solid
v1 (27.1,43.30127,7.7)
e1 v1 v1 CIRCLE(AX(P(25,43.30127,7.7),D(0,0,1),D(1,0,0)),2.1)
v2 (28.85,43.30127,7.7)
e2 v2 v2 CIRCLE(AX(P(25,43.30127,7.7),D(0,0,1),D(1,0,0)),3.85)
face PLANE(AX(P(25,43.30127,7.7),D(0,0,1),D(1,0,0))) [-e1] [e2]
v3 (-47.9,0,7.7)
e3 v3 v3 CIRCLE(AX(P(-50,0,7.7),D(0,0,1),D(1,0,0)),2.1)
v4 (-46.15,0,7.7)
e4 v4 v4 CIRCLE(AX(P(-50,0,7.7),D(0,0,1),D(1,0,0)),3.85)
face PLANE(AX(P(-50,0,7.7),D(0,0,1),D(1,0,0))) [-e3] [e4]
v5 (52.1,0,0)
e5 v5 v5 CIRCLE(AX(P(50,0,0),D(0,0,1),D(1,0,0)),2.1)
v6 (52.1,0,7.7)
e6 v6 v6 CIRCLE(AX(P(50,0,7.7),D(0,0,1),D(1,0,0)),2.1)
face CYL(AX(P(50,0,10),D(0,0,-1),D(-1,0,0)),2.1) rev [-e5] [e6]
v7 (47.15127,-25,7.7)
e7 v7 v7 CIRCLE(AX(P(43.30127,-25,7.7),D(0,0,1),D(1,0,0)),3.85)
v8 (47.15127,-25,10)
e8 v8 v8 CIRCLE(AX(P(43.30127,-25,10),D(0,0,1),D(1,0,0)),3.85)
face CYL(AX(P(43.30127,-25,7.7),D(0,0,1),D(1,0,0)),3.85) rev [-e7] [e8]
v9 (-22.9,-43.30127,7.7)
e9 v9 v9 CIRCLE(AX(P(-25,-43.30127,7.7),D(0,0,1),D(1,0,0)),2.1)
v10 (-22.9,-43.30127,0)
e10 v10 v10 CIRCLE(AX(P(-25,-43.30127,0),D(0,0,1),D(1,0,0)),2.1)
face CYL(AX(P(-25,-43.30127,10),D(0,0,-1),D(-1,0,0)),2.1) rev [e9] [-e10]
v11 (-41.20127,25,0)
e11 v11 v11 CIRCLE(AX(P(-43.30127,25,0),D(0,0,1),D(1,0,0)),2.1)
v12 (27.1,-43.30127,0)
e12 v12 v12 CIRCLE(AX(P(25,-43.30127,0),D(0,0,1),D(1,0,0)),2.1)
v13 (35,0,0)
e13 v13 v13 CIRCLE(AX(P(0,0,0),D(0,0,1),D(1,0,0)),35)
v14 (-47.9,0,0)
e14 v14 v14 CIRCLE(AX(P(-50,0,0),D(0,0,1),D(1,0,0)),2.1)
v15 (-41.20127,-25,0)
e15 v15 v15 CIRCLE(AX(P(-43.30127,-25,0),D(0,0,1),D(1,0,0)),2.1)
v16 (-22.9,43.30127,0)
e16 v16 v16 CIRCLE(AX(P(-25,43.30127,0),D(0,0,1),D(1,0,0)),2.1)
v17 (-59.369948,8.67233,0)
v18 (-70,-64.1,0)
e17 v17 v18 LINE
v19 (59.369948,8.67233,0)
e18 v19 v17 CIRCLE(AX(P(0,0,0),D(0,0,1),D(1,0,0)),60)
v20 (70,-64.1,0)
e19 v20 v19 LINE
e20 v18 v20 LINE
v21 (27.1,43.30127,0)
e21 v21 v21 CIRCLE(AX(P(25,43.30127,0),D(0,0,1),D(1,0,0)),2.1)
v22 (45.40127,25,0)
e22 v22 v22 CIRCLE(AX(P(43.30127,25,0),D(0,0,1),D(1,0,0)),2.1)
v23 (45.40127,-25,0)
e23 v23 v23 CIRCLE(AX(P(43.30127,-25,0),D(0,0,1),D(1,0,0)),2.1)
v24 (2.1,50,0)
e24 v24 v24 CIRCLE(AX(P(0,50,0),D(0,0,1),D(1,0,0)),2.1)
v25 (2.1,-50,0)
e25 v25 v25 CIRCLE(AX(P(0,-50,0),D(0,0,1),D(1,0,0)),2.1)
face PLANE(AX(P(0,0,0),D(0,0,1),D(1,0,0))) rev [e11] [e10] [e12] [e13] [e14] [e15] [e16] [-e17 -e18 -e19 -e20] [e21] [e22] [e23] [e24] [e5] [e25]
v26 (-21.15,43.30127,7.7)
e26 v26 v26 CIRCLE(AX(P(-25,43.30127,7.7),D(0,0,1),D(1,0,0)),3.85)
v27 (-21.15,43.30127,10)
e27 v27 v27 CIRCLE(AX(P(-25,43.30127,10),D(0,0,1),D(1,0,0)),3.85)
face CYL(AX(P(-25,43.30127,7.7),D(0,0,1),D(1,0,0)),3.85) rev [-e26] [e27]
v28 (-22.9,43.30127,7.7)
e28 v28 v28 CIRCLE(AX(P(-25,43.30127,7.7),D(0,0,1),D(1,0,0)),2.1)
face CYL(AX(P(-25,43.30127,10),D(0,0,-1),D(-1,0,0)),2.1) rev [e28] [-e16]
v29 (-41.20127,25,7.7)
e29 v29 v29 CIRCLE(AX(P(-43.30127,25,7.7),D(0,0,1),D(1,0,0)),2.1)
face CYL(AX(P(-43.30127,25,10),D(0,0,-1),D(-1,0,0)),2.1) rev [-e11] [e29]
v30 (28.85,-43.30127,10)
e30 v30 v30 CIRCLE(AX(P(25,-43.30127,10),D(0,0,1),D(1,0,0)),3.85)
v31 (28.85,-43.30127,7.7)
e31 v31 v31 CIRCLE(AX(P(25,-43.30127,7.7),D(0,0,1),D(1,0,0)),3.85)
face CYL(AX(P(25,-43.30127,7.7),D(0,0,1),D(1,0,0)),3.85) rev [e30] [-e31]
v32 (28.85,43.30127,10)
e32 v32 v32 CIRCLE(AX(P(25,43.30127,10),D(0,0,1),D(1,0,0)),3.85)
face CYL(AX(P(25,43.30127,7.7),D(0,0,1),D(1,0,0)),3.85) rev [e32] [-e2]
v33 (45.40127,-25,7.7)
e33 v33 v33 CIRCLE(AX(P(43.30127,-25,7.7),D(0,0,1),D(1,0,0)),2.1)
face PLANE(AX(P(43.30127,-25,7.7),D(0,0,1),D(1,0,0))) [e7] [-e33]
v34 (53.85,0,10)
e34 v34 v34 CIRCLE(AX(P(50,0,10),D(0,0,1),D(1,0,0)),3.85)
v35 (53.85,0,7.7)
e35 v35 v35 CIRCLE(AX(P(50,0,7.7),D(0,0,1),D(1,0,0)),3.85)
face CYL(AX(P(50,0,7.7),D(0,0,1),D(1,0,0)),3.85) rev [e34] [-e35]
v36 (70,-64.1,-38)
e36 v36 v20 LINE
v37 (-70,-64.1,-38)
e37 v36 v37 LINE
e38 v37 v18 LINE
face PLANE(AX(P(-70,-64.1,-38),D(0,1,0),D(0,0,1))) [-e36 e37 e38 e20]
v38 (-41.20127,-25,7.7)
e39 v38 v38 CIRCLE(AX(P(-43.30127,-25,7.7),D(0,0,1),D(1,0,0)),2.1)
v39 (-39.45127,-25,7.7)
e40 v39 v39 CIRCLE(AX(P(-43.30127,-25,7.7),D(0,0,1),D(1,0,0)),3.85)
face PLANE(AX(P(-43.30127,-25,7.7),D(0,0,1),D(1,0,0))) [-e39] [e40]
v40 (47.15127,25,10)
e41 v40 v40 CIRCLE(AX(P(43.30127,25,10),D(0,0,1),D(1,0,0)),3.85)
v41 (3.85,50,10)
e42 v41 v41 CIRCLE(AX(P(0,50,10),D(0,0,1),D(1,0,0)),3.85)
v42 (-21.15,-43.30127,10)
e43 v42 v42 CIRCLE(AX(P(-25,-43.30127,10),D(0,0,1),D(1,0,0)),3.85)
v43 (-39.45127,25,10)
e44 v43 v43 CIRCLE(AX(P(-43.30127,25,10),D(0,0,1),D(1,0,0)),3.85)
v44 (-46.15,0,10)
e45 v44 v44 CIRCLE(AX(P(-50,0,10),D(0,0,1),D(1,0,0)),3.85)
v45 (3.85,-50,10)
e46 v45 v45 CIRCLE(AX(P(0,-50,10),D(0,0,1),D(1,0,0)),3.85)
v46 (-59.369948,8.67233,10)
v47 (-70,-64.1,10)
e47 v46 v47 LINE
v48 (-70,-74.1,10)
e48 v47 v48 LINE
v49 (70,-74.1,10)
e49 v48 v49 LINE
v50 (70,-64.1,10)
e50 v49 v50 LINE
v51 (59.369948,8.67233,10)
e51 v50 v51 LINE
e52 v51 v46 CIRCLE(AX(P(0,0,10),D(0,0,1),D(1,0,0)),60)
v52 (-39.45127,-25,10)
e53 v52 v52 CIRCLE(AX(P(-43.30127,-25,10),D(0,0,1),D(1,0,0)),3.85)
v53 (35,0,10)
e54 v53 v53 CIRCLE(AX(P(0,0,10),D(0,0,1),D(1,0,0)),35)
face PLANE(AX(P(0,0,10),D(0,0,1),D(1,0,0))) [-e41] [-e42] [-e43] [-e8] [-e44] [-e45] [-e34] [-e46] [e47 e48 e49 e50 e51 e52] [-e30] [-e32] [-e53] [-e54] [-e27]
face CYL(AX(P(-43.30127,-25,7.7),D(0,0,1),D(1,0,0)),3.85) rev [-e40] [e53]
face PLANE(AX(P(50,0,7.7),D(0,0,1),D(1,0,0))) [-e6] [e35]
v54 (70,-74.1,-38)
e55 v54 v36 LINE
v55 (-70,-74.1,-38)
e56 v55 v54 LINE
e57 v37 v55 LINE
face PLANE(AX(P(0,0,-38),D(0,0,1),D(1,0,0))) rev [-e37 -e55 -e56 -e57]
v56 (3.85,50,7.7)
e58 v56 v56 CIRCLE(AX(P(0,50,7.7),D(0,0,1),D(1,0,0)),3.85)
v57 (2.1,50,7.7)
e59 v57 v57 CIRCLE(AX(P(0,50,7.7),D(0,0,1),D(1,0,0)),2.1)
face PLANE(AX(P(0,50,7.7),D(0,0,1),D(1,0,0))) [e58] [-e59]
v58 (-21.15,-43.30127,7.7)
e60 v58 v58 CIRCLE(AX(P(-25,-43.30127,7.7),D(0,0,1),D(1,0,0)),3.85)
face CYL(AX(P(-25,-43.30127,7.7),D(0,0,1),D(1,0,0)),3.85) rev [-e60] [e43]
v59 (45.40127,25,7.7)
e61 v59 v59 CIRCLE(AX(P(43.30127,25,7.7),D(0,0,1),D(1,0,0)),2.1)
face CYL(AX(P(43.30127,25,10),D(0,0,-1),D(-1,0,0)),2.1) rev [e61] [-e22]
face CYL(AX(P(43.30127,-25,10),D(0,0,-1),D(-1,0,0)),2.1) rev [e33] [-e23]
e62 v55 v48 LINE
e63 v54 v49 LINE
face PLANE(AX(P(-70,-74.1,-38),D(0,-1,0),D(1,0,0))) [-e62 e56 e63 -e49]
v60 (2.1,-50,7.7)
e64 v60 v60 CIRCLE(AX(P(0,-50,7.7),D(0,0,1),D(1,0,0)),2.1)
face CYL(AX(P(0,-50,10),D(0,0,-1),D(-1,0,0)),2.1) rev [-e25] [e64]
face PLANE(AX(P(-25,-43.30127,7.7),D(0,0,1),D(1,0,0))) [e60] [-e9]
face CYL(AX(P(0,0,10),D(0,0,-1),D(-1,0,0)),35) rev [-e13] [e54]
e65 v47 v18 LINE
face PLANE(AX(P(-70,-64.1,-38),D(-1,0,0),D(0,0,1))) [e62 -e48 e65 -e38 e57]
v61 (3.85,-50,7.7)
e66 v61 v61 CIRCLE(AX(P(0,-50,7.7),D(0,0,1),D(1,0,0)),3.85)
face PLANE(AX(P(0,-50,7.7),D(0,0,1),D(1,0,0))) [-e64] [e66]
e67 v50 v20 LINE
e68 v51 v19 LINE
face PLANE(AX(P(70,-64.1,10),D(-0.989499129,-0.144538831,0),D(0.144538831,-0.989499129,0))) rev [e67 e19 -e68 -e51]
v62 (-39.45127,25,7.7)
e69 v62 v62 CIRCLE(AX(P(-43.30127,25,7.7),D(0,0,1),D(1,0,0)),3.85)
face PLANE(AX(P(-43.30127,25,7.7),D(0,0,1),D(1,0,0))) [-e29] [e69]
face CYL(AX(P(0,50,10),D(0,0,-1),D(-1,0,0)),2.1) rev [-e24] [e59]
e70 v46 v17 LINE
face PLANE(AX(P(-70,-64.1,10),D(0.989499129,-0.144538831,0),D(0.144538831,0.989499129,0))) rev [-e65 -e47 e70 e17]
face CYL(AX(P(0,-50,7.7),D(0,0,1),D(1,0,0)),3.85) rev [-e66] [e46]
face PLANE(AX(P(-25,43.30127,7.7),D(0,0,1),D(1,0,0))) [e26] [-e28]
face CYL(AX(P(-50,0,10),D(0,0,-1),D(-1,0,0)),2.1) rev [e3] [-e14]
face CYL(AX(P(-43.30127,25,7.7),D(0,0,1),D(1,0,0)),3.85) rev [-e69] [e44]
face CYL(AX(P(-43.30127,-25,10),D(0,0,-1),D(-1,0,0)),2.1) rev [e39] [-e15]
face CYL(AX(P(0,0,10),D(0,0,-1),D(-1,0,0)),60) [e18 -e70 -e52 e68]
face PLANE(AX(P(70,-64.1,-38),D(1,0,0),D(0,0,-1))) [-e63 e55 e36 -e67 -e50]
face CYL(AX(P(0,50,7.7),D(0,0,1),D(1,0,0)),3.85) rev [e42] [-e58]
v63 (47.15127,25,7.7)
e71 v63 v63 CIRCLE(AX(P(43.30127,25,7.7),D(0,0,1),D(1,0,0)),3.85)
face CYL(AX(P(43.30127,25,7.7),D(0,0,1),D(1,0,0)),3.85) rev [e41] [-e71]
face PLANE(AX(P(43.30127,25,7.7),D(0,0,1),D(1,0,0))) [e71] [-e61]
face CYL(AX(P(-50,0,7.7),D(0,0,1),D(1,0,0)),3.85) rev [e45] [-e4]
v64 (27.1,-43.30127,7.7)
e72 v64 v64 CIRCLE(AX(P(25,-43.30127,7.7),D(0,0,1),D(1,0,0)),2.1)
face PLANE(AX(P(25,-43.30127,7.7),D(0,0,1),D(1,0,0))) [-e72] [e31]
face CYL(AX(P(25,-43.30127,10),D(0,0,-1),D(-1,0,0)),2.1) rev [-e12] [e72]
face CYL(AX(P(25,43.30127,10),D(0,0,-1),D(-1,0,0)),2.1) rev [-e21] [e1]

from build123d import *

# Parameters (mm, degrees)
SKETCH1_R           = 35
SKETCH1_R_2         = 2.1
BOSS_EXTRUDE1_DEPTH = 10
SKETCH2_W           = 140
SKETCH2_H           = 10
BOSS_EXTRUDE2_DEPTH = 48
SKETCH3_R           = 3.85
CUT_EXTRUDE1_DEPTH  = 2.3


with BuildPart() as part:
    # Sketch1 → Boss-Extrude1 (new body)
    with BuildSketch(Plane.XY):
        with BuildLine():
            Line((0, -64.1), (-70, -64.1))
            Line((-70, -64.1), (-59.369947745, 8.672329831))
            ThreePointArc((-59.369947745, 8.672329831), (0, 60), (59.369947745, 8.672329831))
            Line((59.369947745, 8.672329831), (70, -64.1))
            Line((70, -64.1), (0, -64.1))
        make_face()
        Circle(SKETCH1_R, mode=Mode.SUBTRACT)
        with Locations((-50, 0)):
            Circle(SKETCH1_R_2, mode=Mode.SUBTRACT)
        with Locations((-43.301270189, 25)):
            Circle(SKETCH1_R_2, mode=Mode.SUBTRACT)
        with Locations((-25, 43.301270189)):
            Circle(SKETCH1_R_2, mode=Mode.SUBTRACT)
        with Locations((0, 50)):
            Circle(SKETCH1_R_2, mode=Mode.SUBTRACT)
        with Locations((25, 43.301270189)):
            Circle(SKETCH1_R_2, mode=Mode.SUBTRACT)
        with Locations((43.301270189, 25)):
            Circle(SKETCH1_R_2, mode=Mode.SUBTRACT)
        with Locations((50, 0)):
            Circle(SKETCH1_R_2, mode=Mode.SUBTRACT)
        with Locations((43.301270189, -25)):
            Circle(SKETCH1_R_2, mode=Mode.SUBTRACT)
        with Locations((25, -43.301270189)):
            Circle(SKETCH1_R_2, mode=Mode.SUBTRACT)
        with Locations((0, -50)):
            Circle(SKETCH1_R_2, mode=Mode.SUBTRACT)
        with Locations((-25, -43.301270189)):
            Circle(SKETCH1_R_2, mode=Mode.SUBTRACT)
        with Locations((-43.301270189, -25)):
            Circle(SKETCH1_R_2, mode=Mode.SUBTRACT)
    extrude(amount=BOSS_EXTRUDE1_DEPTH)

    # Sketch2 → Boss-Extrude2 (add)
    with BuildSketch(Plane.XY.offset(10)):
        with Locations((0, -69.1)):
            Rectangle(SKETCH2_W, SKETCH2_H)
    extrude(amount=-BOSS_EXTRUDE2_DEPTH)

    # Sketch3 → Cut-Extrude1 (cut)
    with BuildSketch(Plane.XY.offset(10)):
        with Locations((0, -50)):
            Circle(SKETCH3_R)
        with Locations((-25, -43.301270189)):
            Circle(SKETCH3_R)
        with Locations((-43.301270189, -25)):
            Circle(SKETCH3_R)
        with Locations((-50, 0)):
            Circle(SKETCH3_R)
        with Locations((-43.301270189, 25)):
            Circle(SKETCH3_R)
        with Locations((-25, 43.301270189)):
            Circle(SKETCH3_R)
        with Locations((0, 50)):
            Circle(SKETCH3_R)
        with Locations((25, 43.301270189)):
            Circle(SKETCH3_R)
        with Locations((43.301270189, 25)):
            Circle(SKETCH3_R)
        with Locations((50, 0)):
            Circle(SKETCH3_R)
        with Locations((43.301270189, -25)):
            Circle(SKETCH3_R)
        with Locations((25, -43.301270189)):
            Circle(SKETCH3_R)
    extrude(amount=-CUT_EXTRUDE1_DEPTH, mode=Mode.SUBTRACT)


solid = part.part
